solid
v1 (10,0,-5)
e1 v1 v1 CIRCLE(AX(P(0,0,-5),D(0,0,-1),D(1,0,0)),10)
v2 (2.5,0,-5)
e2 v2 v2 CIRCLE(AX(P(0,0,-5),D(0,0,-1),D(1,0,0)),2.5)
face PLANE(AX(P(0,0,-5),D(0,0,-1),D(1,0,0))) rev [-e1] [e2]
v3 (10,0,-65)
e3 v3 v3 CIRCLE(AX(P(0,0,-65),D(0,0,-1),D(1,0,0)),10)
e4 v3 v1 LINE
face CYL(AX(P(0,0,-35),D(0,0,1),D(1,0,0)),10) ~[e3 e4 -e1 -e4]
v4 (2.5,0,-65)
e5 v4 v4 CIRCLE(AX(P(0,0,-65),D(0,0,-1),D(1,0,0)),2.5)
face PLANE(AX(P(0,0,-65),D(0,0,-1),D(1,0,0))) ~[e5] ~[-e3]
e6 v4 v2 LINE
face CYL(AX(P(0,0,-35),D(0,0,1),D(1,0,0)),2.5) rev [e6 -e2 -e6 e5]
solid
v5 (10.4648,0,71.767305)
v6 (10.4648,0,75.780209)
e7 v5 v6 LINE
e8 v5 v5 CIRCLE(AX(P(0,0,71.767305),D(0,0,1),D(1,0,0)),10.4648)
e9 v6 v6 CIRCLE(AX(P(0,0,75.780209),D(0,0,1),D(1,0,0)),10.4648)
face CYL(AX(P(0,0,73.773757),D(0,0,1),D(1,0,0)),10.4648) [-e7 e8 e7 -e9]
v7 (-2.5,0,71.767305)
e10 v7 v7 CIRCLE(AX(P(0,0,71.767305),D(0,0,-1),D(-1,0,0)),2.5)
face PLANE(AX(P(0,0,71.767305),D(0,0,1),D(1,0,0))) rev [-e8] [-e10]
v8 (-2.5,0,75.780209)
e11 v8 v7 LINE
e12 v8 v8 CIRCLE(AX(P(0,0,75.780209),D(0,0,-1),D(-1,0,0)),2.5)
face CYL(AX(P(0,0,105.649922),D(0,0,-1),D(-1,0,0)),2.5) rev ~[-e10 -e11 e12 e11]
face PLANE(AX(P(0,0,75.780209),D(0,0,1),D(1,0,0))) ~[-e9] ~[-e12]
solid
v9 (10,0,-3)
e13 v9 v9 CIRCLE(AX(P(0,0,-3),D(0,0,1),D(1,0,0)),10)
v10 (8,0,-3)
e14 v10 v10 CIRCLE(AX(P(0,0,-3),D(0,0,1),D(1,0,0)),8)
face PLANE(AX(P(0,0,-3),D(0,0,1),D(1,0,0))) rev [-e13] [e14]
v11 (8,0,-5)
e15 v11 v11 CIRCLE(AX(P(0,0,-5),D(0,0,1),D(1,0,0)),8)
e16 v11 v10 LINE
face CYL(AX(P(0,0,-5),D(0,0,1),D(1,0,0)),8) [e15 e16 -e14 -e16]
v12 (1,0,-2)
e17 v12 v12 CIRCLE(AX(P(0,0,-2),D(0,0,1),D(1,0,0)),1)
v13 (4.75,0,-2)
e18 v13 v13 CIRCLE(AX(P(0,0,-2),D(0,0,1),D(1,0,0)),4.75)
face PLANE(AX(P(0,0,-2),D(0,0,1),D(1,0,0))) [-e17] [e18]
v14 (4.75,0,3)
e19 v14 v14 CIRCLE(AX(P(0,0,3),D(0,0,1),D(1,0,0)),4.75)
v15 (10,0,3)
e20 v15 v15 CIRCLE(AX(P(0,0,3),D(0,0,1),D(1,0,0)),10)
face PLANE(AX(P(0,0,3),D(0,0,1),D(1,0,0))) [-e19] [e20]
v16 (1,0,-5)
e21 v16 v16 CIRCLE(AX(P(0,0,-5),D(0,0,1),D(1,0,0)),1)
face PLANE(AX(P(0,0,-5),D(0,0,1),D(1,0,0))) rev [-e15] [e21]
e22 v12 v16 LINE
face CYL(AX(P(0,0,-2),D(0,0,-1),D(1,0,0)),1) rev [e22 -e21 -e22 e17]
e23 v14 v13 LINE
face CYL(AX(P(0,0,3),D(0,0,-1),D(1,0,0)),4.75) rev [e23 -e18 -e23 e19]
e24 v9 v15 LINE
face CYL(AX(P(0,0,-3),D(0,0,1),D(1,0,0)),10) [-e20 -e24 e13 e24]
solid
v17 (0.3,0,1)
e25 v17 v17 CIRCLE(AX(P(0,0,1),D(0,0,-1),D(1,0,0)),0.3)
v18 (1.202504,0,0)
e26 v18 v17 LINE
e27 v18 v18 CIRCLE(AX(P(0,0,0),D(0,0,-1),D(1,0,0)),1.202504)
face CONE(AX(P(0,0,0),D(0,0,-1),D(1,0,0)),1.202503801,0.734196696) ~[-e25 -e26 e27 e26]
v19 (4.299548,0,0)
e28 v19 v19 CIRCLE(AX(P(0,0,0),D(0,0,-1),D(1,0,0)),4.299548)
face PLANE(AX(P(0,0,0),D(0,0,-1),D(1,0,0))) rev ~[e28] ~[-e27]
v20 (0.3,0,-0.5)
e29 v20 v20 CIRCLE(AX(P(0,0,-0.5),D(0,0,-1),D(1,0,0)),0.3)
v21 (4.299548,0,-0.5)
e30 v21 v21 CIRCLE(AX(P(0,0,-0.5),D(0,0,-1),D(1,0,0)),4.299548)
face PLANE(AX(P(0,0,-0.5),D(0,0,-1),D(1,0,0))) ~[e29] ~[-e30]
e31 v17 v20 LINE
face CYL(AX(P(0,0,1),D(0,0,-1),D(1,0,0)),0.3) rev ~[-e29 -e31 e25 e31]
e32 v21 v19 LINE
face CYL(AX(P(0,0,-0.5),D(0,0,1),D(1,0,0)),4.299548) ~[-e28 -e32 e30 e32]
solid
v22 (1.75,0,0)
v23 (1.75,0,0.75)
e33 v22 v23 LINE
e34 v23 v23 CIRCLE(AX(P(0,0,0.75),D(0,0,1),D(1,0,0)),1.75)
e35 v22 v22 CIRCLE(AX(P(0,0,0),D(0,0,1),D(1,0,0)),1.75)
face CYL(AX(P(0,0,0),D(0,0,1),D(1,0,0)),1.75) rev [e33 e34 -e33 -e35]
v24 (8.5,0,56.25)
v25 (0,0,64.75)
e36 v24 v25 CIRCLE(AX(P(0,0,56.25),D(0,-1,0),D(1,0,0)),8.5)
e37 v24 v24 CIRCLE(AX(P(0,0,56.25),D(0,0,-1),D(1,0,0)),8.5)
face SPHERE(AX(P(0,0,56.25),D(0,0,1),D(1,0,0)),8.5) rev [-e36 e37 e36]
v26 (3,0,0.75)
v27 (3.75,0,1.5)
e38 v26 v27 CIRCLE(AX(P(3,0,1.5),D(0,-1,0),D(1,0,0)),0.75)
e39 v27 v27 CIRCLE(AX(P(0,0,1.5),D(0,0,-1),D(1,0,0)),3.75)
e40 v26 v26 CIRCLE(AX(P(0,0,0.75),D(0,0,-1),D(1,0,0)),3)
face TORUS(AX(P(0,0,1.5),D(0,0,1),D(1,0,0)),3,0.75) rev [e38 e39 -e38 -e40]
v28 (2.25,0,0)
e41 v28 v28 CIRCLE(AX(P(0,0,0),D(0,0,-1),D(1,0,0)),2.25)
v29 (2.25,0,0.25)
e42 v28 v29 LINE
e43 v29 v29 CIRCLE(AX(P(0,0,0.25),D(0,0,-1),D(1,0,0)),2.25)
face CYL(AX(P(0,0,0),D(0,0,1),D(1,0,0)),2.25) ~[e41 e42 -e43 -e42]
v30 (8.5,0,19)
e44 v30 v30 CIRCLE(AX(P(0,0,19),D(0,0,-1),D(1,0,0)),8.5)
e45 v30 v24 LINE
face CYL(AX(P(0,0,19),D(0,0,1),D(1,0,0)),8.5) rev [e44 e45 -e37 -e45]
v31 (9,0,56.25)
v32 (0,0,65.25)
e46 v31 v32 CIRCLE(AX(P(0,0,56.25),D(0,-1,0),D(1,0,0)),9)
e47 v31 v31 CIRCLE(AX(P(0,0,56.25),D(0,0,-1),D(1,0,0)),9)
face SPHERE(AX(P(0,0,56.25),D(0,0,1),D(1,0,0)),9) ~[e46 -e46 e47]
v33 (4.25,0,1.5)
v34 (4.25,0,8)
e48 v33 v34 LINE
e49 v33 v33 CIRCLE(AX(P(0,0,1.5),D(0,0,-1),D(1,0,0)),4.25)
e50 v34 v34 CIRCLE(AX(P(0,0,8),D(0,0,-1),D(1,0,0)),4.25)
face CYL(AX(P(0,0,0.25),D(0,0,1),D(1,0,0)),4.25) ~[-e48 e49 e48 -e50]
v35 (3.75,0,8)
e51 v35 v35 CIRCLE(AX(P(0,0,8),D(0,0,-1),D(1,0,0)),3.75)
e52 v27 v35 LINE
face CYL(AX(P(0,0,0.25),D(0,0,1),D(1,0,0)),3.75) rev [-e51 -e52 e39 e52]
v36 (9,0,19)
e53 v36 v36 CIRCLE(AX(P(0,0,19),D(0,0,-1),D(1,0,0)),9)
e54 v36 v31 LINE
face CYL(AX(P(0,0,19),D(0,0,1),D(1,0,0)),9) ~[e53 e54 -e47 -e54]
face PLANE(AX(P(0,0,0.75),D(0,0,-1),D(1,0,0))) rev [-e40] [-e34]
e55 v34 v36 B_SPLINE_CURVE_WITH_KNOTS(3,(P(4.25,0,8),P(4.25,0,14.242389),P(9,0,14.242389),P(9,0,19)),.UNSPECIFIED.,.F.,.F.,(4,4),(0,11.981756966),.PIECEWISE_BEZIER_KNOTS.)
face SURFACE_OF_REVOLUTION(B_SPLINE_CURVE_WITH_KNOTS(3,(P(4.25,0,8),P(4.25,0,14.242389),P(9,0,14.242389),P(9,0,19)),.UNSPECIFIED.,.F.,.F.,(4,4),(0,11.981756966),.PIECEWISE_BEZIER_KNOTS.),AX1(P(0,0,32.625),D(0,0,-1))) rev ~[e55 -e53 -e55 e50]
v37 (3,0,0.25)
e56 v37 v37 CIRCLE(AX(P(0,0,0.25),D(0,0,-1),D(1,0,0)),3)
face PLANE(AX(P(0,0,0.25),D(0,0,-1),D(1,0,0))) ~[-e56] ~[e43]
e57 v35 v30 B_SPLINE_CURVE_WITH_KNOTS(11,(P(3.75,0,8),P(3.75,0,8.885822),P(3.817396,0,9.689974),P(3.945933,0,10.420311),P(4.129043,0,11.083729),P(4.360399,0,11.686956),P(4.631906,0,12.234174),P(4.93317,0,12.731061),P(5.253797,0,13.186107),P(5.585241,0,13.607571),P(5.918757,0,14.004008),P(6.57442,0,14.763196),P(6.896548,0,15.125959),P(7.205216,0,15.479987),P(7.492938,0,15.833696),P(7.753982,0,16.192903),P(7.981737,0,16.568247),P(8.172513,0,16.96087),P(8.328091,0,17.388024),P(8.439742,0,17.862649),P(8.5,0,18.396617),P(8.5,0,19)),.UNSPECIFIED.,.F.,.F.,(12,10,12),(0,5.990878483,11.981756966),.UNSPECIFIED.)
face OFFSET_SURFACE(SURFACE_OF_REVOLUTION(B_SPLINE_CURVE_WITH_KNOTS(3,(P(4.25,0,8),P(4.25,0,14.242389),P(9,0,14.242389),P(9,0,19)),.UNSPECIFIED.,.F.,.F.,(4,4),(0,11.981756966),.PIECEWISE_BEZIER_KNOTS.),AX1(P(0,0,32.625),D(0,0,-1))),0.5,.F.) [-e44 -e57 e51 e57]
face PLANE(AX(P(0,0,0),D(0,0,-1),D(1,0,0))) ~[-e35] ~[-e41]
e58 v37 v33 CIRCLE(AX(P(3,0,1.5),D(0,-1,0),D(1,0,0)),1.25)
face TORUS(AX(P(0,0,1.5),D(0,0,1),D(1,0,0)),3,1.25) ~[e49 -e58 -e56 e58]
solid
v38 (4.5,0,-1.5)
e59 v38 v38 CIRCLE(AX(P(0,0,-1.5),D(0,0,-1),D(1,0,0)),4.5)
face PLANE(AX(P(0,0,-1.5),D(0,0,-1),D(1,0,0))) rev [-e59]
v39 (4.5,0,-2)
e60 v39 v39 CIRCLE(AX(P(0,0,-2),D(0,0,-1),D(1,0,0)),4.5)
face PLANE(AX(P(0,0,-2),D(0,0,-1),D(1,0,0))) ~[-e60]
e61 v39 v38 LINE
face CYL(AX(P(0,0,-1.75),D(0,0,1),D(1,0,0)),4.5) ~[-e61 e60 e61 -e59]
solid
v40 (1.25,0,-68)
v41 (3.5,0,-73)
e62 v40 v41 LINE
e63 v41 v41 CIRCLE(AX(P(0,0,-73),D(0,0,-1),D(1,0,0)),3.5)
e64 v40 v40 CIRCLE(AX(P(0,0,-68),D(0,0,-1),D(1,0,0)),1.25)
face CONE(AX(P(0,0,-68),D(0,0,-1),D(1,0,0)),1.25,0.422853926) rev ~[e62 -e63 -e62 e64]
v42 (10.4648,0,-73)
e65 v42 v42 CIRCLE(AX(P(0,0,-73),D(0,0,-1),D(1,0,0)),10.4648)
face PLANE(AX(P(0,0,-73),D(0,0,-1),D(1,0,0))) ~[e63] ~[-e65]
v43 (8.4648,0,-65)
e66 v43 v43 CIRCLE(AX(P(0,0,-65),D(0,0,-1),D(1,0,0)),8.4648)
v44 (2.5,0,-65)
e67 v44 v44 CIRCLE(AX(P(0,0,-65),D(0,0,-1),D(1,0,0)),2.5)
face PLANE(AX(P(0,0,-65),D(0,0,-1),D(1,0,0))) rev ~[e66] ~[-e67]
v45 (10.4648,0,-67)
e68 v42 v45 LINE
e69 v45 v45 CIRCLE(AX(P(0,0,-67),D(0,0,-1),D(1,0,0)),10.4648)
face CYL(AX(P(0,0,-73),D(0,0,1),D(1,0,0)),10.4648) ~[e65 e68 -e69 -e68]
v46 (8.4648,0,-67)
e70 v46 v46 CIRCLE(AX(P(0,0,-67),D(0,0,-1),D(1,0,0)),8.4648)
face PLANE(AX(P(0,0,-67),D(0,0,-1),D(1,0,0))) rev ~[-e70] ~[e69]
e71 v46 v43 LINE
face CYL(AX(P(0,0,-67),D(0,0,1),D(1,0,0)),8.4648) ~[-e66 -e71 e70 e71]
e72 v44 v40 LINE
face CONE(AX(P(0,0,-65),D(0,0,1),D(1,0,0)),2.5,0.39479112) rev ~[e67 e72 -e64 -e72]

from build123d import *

# Parameters (mm, degrees)
F2_R  = 1.25
F3_T  = -0.5
F6_W  = 7.5
F6_H  = 60
F10_W = 10.4648
F10_H = 4.0129049698
F13_D = 5
F14_W = 4.5
F14_H = 0.5


with BuildPart() as f1:
    # F0 (on Front) → F1 (revolve)
    with BuildSketch(Plane.XZ):
        with BuildLine():
            Line((9, 19), (9, 56.25))
            ThreePointArc((9, 56.25), (6.3639610307, 62.6139610307), (0, 65.25))
            Line((0, 65.25), (0, 0))
            Line((0, 0), (2.25, 0))
            Line((2.25, 0), (2.25, 0.25))
            Line((2.25, 0.25), (4.25, 0.25))
            Line((4.25, 0.25), (4.25, 8))
            add(Edge.make_bspline(
                [(4.25, 8), (4.25, 14.2423890195), (9, 14.2423890195), (9, 19)],
                knots=[0, 0, 0, 0, 11.9817569663, 11.9817569663, 11.9817569663, 11.9817569663], degree=3))
        make_face()
    revolve(axis=Axis((0, 0, 32.625), (0, 0, -1)))

    # F2
    f2_edges = [f1.edges().sort_by_distance(p)[0] for p in [
        (-4.25, 0, 0.25),
    ]]
    fillet(f2_edges, radius=F2_R)

    # F3
    f3_openings = [f1.faces().sort_by_distance(p)[0] for p in [
        (0, 0, 0),
    ]]
    offset(amount=F3_T, openings=f3_openings, kind=Kind.INTERSECTION)


with BuildPart() as f5:
    # F4 (on Front) → F5 (revolve)
    with BuildSketch(Plane.XZ):
        Polygon((10, 3), (4.75, 3), (4.75, -2), (1, -2), (1, -5), (8, -5), (8, -3), (10, -3), align=None)
    revolve(axis=Axis((0, 0, -3.1145633338), (0, 0, 1)))


with BuildPart() as f7:
    # F6 (on Front) → F7 (revolve)
    with BuildSketch(Plane.XZ):
        with Locations((6.25, -35)):
            Rectangle(F6_W, F6_H)
    revolve(axis=Axis((0, 0, -31.2667707913), (0, 0, -1)))


with BuildPart() as f9:
    # F8 (on Front) → F9 (revolve)
    with BuildSketch(Plane.XZ):
        Polygon((8.4648, -65), (2.5, -65), (1.25, -68), (3.5, -73), (10.4648, -73), (10.4648, -67), (8.4648, -67), align=None)
    revolve(axis=Axis((0, 0, -41.9972505594), (0, 0, -1)))


with BuildPart() as f11:
    # F10 (on Front) → F11 (revolve)
    with BuildSketch(Plane.XZ):
        with Locations((5.2324, 73.773756987)):
            Rectangle(F10_W, F10_H)
    revolve(axis=Axis((0, 0, 70.351470398), (0, 0, 1)))

    # F13 (through all)
    with Locations(Plane.XY.offset(75.7802094719)):
        with Locations((0, 0)):
            Hole(F13_D / 2)


with BuildPart() as f15:
    # F14 (on Front) → F15 (revolve)
    with BuildSketch(Plane.XZ):
        with Locations((2.25, -1.75)):
            Rectangle(F14_W, F14_H)
    revolve(axis=Axis((0, 0, -1.74347904), (0, 0, -1)))


with BuildPart() as f17:
    # F16 (on Front) → F17 (revolve)
    with BuildSketch(Plane.XZ):
        Polygon((1.2025038013, 0), (0.3, 1), (0.3, -0.5), (4.2995481133, -0.5), (4.2995481133, 0), align=None)
    revolve(axis=Axis((0, 0, 1.2492873038), (0, 0, -1)))


solid = Compound([f1.part, f5.part, f7.part, f9.part, f11.part, f15.part, f17.part])
